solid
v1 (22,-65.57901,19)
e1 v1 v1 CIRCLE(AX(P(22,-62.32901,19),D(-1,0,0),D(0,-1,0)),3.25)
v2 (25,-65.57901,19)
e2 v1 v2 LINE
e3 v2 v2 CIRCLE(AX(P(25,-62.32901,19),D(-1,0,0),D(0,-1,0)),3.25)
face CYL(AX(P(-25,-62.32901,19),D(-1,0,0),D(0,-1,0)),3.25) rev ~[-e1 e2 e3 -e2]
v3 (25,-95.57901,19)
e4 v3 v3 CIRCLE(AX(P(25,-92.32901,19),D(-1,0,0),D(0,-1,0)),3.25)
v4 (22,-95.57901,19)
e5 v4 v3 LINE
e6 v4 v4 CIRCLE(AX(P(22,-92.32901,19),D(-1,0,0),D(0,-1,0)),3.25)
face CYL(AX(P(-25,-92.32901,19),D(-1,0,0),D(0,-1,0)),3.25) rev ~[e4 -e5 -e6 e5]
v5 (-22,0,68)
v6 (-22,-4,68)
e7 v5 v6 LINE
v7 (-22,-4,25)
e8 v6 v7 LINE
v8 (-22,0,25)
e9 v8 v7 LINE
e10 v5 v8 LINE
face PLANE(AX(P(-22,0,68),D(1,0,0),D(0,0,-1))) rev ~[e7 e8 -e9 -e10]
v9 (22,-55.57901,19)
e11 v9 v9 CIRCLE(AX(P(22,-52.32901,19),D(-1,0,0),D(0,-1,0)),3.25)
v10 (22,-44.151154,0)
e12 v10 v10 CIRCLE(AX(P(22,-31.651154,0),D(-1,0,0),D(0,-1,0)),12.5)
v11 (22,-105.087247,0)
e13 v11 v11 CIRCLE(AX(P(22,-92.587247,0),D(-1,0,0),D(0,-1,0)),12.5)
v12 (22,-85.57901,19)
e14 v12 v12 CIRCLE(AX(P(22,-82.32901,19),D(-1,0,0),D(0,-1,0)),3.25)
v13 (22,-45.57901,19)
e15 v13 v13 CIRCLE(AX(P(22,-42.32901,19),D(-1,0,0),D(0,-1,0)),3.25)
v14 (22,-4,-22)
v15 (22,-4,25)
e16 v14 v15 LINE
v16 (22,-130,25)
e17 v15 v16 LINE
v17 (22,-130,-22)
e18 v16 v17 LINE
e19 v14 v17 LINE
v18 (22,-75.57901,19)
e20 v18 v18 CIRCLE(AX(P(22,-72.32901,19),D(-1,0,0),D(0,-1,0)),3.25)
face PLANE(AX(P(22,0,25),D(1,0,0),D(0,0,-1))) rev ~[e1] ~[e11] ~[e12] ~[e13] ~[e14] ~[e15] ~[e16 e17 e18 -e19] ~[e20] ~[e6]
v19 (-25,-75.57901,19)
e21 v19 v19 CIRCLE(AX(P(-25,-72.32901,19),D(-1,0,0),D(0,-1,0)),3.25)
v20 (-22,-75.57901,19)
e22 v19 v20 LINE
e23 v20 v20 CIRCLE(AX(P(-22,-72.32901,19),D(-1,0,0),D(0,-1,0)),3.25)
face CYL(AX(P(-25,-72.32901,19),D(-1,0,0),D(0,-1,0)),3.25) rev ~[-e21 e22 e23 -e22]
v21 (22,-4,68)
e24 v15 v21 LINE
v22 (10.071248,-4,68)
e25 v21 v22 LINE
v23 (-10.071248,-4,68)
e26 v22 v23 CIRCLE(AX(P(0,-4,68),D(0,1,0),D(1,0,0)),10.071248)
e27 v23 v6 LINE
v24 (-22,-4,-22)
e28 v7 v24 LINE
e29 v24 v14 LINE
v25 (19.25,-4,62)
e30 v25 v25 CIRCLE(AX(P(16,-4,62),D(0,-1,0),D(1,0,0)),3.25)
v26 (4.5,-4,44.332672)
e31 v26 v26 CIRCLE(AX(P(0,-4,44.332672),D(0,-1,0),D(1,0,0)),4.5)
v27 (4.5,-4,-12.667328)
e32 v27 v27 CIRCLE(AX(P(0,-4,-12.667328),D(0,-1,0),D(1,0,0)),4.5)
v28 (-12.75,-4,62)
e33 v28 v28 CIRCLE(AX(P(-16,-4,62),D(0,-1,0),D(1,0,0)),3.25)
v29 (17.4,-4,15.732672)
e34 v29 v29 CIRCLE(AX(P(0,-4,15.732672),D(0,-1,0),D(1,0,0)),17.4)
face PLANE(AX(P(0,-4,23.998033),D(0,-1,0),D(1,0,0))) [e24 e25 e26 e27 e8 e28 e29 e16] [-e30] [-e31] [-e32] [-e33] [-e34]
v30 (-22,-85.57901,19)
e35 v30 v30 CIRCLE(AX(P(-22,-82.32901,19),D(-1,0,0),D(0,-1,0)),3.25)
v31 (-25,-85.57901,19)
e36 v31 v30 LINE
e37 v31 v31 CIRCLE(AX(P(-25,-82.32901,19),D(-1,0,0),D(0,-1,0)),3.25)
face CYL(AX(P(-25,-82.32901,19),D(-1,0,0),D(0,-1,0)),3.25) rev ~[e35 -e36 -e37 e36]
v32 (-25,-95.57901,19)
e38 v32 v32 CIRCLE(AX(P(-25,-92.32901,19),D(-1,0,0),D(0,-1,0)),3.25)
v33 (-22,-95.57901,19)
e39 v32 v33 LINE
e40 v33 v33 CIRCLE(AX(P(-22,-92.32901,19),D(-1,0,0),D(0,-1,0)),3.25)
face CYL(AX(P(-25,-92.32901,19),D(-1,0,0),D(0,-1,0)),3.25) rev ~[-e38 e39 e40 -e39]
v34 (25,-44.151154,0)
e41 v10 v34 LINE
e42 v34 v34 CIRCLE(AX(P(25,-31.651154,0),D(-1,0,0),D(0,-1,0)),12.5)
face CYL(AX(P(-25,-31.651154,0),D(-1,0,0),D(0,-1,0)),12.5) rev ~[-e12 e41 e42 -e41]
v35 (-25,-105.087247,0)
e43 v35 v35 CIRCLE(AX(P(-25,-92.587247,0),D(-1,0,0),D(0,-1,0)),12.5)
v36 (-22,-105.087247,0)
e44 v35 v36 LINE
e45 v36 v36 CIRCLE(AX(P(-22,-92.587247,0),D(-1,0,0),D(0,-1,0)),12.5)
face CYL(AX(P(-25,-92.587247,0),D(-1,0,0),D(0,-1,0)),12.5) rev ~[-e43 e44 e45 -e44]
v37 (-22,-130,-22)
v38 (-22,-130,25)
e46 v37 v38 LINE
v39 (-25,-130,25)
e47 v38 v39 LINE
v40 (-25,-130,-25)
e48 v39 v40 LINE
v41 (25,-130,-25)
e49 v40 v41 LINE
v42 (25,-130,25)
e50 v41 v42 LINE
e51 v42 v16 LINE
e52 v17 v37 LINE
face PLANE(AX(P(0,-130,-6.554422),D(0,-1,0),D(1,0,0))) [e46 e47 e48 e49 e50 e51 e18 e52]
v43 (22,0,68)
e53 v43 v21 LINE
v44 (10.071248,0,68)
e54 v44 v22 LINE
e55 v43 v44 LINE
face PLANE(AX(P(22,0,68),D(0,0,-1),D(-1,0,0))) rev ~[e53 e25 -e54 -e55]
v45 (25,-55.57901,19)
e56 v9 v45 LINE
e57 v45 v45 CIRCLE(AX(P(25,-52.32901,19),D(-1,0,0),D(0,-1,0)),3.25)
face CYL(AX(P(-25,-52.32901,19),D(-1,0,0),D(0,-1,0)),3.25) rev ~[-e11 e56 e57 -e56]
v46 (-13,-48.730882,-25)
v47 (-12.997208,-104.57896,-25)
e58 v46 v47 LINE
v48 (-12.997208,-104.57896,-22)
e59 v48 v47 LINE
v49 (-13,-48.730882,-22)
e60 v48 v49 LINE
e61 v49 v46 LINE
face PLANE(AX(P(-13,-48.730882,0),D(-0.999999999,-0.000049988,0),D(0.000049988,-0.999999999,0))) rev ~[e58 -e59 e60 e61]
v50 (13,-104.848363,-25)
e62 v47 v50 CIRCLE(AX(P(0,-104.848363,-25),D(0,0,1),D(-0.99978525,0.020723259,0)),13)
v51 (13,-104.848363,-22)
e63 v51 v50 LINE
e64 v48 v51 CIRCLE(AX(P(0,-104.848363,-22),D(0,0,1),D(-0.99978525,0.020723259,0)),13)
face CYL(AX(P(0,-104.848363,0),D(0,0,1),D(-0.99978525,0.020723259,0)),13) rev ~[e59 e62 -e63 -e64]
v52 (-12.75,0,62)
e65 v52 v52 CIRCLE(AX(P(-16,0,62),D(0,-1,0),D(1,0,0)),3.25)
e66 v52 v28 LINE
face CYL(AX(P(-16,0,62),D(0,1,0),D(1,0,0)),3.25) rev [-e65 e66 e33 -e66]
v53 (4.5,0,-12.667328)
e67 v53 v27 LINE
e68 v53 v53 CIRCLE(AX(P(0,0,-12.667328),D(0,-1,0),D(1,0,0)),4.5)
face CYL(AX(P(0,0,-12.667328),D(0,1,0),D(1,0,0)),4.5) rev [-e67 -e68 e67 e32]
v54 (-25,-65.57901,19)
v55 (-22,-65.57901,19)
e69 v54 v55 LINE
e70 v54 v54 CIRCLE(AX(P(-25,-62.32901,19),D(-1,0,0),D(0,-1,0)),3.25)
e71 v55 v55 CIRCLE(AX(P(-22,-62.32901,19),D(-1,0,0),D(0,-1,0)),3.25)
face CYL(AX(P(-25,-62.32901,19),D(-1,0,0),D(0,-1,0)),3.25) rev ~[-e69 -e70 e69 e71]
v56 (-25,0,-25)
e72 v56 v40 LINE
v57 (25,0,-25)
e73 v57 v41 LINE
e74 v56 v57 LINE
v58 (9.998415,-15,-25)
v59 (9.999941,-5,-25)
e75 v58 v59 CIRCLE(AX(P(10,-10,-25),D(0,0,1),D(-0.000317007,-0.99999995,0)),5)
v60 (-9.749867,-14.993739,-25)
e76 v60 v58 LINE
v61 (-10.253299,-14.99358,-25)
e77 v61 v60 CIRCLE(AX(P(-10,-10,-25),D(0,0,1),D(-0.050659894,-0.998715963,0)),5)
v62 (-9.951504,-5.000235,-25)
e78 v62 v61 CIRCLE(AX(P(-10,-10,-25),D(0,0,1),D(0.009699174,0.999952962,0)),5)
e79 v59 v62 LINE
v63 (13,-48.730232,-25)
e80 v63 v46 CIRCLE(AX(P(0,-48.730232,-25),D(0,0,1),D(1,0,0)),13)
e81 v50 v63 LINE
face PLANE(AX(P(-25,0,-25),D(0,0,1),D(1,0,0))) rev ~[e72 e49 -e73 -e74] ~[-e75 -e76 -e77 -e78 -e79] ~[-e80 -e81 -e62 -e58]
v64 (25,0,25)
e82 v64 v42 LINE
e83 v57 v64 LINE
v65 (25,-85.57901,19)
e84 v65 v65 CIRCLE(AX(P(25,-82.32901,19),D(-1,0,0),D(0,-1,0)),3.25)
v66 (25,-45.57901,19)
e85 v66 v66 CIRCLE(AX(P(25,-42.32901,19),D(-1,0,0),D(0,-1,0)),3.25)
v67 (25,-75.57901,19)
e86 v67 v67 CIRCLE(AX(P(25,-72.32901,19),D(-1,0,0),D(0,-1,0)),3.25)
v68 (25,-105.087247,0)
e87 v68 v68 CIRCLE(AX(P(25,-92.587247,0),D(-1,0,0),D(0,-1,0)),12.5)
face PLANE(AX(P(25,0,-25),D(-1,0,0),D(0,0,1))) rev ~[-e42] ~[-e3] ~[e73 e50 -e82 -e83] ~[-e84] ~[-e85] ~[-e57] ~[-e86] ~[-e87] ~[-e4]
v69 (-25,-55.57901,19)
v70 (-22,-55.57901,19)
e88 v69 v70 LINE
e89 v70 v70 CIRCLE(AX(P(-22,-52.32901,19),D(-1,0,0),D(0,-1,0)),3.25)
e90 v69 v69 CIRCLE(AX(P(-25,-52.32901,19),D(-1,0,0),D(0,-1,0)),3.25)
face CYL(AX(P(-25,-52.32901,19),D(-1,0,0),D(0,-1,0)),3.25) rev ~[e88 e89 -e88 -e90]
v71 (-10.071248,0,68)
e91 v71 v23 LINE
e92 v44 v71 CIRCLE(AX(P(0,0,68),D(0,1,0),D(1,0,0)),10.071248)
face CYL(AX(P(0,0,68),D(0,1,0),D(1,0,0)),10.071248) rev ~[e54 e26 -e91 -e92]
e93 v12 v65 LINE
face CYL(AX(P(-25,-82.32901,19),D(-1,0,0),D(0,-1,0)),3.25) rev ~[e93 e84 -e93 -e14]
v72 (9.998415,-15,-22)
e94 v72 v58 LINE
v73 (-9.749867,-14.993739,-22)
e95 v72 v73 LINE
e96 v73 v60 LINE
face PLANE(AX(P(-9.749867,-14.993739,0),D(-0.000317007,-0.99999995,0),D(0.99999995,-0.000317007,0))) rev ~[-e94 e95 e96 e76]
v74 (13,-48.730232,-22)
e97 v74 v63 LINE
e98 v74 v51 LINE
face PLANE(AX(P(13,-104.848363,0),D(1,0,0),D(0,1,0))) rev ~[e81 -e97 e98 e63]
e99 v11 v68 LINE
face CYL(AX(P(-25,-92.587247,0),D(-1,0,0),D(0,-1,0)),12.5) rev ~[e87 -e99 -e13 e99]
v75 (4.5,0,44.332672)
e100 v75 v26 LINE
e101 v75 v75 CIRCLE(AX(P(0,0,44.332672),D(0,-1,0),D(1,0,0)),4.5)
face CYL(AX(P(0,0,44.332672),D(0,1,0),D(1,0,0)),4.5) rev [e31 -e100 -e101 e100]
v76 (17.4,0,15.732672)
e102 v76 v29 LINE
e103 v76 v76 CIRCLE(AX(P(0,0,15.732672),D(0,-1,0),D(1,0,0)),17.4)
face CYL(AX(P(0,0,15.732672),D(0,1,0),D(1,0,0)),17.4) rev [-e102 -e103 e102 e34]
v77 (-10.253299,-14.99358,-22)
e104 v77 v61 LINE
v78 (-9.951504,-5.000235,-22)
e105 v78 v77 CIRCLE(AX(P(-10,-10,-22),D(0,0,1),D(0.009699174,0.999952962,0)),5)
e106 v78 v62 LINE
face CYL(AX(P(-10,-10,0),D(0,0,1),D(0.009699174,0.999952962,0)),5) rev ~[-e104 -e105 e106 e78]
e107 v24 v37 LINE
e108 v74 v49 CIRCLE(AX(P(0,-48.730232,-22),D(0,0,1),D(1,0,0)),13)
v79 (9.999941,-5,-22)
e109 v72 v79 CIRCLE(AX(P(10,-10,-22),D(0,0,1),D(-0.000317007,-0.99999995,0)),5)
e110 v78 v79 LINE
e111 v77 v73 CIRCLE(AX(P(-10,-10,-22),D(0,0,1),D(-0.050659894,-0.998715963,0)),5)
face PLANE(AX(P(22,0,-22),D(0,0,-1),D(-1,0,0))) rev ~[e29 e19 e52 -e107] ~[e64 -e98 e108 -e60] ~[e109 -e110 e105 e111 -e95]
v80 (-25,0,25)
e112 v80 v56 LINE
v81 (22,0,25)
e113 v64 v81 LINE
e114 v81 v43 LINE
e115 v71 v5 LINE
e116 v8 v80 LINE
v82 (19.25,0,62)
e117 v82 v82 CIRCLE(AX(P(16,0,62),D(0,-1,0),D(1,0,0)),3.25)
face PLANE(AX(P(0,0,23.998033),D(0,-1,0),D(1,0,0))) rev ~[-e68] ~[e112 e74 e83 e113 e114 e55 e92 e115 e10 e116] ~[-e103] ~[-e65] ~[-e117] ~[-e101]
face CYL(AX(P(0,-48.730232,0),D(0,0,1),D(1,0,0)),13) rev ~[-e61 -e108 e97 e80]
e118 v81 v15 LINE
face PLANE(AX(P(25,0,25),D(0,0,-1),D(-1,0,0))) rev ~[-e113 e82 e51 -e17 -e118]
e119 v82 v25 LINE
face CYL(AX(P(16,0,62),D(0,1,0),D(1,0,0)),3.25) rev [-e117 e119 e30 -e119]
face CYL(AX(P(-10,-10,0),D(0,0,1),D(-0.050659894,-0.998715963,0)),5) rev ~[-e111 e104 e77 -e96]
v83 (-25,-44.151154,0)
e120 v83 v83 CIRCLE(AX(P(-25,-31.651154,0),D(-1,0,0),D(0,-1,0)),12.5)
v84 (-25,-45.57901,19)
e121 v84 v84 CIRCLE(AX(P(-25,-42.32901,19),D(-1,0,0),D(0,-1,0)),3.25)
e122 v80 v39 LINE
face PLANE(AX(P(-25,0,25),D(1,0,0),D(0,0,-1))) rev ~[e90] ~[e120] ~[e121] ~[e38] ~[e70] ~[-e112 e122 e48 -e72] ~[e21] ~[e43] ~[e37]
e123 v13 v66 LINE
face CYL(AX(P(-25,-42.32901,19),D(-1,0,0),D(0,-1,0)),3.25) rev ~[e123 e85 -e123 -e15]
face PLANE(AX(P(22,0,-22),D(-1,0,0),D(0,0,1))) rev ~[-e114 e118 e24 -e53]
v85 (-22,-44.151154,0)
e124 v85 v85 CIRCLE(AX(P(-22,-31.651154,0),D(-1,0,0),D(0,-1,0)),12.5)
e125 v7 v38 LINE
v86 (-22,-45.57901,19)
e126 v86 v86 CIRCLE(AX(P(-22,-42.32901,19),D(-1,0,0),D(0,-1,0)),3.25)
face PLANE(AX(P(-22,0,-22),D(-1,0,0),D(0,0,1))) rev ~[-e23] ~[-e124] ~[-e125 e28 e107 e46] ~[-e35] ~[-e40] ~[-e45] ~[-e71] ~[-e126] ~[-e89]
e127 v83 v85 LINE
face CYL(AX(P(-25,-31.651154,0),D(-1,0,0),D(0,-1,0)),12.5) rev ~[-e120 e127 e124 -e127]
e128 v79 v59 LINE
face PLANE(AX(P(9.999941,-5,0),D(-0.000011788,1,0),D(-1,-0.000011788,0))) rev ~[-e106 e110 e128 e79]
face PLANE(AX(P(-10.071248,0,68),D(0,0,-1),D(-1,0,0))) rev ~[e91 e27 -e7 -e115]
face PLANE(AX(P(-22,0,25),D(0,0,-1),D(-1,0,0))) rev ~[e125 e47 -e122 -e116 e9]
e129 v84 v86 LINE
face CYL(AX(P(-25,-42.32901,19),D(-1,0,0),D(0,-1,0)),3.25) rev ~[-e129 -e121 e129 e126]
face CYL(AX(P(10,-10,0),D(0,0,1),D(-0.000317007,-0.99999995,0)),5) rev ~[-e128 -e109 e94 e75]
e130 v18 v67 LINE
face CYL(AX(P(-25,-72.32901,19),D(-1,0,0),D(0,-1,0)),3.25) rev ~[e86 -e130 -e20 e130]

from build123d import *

# Parameters (mm, degrees)
F1_DEPTH  = 130
F2_R      = 4.5
F2_R_2    = 17.4
F2_R_3    = 3.25
F3_DEPTH  = 4
F1_FACE_W = 50
F1_FACE_H = 130
F5_DEPTH  = 25.001
F7_R      = 12.5
F8_DEPTH  = 50.001
F7_R_2    = 3.25
F9_DEPTH  = 50.001


with BuildPart() as f1:
    # F0 (on Front) → F1 (new body)
    with BuildSketch(Plane.XZ):
        Polygon((25, -25), (25, 25), (22, 25), (22, -22), (-22, -22), (-22, 25), (-25, 25), (-25, -25), align=None)
    extrude(amount=F1_DEPTH)

    # F2 (on Front) → F3 (join)
    with BuildSketch(Plane.XZ):
        with BuildLine():
            Line((-22, 25), (-22, -22))
            Line((-22, -22), (22, -22))
            Line((22, -22), (22, 68))
            Line((22, 68), (10.0712478979, 68))
            ThreePointArc((10.0712478979, 68), (0, 57.9287521021), (-10.0712478979, 68))
            Line((-10.0712478979, 68), (-22, 68))
            Line((-22, 68), (-22, 25))
        make_face()
        with Locations((0, -12.6673281193)):
            Circle(F2_R, mode=Mode.SUBTRACT)
        with Locations((0, 15.7326718807)):
            Circle(F2_R_2, mode=Mode.SUBTRACT)
        with Locations((-16, 62)):
            Circle(F2_R_3, mode=Mode.SUBTRACT)
        with Locations((0, 44.3326718807)):
            Circle(F2_R, mode=Mode.SUBTRACT)
        with Locations((16, 62)):
            Circle(F2_R_3, mode=Mode.SUBTRACT)
    extrude(amount=F3_DEPTH)

    # F4 (on Top) + F1_face (on face) → F5 (cut, through all)
    with BuildSketch(Plane.XY):
        with BuildLine():
            Line((-12.9999999838, -48.7308816649), (-12.9972082527, -104.5789601389))
            ThreePointArc((-12.9972082527, -104.5789601389), (-0.1347084156, -117.8476645499), (13, -104.8483625054))
            Line((13, -104.8483625054), (13, -48.7302318215))
            ThreePointArc((13, -48.7302318215), (-0.0003249217, -35.7302318256), (-12.9999999838, -48.7308816649))
        make_face()
        with BuildLine():
            Line((9.9999410594, -5.0000000003), (-9.9515041286, -5.0002351905))
            ThreePointArc((-9.9515041286, -5.0002351905), (-14.9977215138, -9.8490706455), (-10.2532994666, -14.9935798161))
            Line((-10.2532994666, -14.9935798161), (-9.7498665822, -14.9937394078))
            Line((-9.7498665822, -14.9937394078), (9.9984149657, -14.9999997488))
            ThreePointArc((9.9984149657, -14.9999997488), (14.9999999418, -10.0007630468), (9.9999410594, -5.0000000003))
        make_face()
        with BuildLine():
            Line((-9.7498665822, -14.9937394078), (-10.2532994666, -14.9935798161))
            ThreePointArc((-10.2532994666, -14.9935798161), (-10.0015850343, -14.9999997488), (-9.7498665822, -14.9937394078))
        make_face()
    with BuildSketch(Plane(origin=(0, -65, -25), x_dir=(1, 0, 0), z_dir=(0, 0, -1))):
        Rectangle(F1_FACE_W, F1_FACE_H)
    extrude(amount=-F5_DEPTH, dir=(0, 0, 1), mode=Mode.SUBTRACT)

    # F7 (on face) → F8 (cut, through all)
    with BuildSketch(Plane(origin=(-25, 0, 0), x_dir=(0, -1, 0), z_dir=(-1, 0, 0))):
        with Locations((31.6511541605, 0)):
            Circle(F7_R)
        with Locations((92.5872474909, 0)):
            Circle(F7_R)
    extrude(amount=-F8_DEPTH, mode=Mode.SUBTRACT)

    # F7 (on face) → F9 (cut, through all)
    with BuildSketch(Plane(origin=(-25, 0, 0), x_dir=(0, -1, 0), z_dir=(-1, 0, 0))):
        with Locations((92.5872474909, 0)):
            Circle(F7_R)
        with Locations((31.6511541605, 0)):
            Circle(F7_R)
        with Locations((92.3290103674, 19)):
            Circle(F7_R_2)
        with Locations((82.3290103674, 19)):
            Circle(F7_R_2)
        with Locations((72.3290103674, 19)):
            Circle(F7_R_2)
        with Locations((62.3290103674, 19)):
            Circle(F7_R_2)
        with Locations((52.3290103674, 19)):
            Circle(F7_R_2)
        with Locations((42.3290103674, 19)):
            Circle(F7_R_2)
    extrude(amount=-F9_DEPTH, mode=Mode.SUBTRACT)


solid = f1.part
